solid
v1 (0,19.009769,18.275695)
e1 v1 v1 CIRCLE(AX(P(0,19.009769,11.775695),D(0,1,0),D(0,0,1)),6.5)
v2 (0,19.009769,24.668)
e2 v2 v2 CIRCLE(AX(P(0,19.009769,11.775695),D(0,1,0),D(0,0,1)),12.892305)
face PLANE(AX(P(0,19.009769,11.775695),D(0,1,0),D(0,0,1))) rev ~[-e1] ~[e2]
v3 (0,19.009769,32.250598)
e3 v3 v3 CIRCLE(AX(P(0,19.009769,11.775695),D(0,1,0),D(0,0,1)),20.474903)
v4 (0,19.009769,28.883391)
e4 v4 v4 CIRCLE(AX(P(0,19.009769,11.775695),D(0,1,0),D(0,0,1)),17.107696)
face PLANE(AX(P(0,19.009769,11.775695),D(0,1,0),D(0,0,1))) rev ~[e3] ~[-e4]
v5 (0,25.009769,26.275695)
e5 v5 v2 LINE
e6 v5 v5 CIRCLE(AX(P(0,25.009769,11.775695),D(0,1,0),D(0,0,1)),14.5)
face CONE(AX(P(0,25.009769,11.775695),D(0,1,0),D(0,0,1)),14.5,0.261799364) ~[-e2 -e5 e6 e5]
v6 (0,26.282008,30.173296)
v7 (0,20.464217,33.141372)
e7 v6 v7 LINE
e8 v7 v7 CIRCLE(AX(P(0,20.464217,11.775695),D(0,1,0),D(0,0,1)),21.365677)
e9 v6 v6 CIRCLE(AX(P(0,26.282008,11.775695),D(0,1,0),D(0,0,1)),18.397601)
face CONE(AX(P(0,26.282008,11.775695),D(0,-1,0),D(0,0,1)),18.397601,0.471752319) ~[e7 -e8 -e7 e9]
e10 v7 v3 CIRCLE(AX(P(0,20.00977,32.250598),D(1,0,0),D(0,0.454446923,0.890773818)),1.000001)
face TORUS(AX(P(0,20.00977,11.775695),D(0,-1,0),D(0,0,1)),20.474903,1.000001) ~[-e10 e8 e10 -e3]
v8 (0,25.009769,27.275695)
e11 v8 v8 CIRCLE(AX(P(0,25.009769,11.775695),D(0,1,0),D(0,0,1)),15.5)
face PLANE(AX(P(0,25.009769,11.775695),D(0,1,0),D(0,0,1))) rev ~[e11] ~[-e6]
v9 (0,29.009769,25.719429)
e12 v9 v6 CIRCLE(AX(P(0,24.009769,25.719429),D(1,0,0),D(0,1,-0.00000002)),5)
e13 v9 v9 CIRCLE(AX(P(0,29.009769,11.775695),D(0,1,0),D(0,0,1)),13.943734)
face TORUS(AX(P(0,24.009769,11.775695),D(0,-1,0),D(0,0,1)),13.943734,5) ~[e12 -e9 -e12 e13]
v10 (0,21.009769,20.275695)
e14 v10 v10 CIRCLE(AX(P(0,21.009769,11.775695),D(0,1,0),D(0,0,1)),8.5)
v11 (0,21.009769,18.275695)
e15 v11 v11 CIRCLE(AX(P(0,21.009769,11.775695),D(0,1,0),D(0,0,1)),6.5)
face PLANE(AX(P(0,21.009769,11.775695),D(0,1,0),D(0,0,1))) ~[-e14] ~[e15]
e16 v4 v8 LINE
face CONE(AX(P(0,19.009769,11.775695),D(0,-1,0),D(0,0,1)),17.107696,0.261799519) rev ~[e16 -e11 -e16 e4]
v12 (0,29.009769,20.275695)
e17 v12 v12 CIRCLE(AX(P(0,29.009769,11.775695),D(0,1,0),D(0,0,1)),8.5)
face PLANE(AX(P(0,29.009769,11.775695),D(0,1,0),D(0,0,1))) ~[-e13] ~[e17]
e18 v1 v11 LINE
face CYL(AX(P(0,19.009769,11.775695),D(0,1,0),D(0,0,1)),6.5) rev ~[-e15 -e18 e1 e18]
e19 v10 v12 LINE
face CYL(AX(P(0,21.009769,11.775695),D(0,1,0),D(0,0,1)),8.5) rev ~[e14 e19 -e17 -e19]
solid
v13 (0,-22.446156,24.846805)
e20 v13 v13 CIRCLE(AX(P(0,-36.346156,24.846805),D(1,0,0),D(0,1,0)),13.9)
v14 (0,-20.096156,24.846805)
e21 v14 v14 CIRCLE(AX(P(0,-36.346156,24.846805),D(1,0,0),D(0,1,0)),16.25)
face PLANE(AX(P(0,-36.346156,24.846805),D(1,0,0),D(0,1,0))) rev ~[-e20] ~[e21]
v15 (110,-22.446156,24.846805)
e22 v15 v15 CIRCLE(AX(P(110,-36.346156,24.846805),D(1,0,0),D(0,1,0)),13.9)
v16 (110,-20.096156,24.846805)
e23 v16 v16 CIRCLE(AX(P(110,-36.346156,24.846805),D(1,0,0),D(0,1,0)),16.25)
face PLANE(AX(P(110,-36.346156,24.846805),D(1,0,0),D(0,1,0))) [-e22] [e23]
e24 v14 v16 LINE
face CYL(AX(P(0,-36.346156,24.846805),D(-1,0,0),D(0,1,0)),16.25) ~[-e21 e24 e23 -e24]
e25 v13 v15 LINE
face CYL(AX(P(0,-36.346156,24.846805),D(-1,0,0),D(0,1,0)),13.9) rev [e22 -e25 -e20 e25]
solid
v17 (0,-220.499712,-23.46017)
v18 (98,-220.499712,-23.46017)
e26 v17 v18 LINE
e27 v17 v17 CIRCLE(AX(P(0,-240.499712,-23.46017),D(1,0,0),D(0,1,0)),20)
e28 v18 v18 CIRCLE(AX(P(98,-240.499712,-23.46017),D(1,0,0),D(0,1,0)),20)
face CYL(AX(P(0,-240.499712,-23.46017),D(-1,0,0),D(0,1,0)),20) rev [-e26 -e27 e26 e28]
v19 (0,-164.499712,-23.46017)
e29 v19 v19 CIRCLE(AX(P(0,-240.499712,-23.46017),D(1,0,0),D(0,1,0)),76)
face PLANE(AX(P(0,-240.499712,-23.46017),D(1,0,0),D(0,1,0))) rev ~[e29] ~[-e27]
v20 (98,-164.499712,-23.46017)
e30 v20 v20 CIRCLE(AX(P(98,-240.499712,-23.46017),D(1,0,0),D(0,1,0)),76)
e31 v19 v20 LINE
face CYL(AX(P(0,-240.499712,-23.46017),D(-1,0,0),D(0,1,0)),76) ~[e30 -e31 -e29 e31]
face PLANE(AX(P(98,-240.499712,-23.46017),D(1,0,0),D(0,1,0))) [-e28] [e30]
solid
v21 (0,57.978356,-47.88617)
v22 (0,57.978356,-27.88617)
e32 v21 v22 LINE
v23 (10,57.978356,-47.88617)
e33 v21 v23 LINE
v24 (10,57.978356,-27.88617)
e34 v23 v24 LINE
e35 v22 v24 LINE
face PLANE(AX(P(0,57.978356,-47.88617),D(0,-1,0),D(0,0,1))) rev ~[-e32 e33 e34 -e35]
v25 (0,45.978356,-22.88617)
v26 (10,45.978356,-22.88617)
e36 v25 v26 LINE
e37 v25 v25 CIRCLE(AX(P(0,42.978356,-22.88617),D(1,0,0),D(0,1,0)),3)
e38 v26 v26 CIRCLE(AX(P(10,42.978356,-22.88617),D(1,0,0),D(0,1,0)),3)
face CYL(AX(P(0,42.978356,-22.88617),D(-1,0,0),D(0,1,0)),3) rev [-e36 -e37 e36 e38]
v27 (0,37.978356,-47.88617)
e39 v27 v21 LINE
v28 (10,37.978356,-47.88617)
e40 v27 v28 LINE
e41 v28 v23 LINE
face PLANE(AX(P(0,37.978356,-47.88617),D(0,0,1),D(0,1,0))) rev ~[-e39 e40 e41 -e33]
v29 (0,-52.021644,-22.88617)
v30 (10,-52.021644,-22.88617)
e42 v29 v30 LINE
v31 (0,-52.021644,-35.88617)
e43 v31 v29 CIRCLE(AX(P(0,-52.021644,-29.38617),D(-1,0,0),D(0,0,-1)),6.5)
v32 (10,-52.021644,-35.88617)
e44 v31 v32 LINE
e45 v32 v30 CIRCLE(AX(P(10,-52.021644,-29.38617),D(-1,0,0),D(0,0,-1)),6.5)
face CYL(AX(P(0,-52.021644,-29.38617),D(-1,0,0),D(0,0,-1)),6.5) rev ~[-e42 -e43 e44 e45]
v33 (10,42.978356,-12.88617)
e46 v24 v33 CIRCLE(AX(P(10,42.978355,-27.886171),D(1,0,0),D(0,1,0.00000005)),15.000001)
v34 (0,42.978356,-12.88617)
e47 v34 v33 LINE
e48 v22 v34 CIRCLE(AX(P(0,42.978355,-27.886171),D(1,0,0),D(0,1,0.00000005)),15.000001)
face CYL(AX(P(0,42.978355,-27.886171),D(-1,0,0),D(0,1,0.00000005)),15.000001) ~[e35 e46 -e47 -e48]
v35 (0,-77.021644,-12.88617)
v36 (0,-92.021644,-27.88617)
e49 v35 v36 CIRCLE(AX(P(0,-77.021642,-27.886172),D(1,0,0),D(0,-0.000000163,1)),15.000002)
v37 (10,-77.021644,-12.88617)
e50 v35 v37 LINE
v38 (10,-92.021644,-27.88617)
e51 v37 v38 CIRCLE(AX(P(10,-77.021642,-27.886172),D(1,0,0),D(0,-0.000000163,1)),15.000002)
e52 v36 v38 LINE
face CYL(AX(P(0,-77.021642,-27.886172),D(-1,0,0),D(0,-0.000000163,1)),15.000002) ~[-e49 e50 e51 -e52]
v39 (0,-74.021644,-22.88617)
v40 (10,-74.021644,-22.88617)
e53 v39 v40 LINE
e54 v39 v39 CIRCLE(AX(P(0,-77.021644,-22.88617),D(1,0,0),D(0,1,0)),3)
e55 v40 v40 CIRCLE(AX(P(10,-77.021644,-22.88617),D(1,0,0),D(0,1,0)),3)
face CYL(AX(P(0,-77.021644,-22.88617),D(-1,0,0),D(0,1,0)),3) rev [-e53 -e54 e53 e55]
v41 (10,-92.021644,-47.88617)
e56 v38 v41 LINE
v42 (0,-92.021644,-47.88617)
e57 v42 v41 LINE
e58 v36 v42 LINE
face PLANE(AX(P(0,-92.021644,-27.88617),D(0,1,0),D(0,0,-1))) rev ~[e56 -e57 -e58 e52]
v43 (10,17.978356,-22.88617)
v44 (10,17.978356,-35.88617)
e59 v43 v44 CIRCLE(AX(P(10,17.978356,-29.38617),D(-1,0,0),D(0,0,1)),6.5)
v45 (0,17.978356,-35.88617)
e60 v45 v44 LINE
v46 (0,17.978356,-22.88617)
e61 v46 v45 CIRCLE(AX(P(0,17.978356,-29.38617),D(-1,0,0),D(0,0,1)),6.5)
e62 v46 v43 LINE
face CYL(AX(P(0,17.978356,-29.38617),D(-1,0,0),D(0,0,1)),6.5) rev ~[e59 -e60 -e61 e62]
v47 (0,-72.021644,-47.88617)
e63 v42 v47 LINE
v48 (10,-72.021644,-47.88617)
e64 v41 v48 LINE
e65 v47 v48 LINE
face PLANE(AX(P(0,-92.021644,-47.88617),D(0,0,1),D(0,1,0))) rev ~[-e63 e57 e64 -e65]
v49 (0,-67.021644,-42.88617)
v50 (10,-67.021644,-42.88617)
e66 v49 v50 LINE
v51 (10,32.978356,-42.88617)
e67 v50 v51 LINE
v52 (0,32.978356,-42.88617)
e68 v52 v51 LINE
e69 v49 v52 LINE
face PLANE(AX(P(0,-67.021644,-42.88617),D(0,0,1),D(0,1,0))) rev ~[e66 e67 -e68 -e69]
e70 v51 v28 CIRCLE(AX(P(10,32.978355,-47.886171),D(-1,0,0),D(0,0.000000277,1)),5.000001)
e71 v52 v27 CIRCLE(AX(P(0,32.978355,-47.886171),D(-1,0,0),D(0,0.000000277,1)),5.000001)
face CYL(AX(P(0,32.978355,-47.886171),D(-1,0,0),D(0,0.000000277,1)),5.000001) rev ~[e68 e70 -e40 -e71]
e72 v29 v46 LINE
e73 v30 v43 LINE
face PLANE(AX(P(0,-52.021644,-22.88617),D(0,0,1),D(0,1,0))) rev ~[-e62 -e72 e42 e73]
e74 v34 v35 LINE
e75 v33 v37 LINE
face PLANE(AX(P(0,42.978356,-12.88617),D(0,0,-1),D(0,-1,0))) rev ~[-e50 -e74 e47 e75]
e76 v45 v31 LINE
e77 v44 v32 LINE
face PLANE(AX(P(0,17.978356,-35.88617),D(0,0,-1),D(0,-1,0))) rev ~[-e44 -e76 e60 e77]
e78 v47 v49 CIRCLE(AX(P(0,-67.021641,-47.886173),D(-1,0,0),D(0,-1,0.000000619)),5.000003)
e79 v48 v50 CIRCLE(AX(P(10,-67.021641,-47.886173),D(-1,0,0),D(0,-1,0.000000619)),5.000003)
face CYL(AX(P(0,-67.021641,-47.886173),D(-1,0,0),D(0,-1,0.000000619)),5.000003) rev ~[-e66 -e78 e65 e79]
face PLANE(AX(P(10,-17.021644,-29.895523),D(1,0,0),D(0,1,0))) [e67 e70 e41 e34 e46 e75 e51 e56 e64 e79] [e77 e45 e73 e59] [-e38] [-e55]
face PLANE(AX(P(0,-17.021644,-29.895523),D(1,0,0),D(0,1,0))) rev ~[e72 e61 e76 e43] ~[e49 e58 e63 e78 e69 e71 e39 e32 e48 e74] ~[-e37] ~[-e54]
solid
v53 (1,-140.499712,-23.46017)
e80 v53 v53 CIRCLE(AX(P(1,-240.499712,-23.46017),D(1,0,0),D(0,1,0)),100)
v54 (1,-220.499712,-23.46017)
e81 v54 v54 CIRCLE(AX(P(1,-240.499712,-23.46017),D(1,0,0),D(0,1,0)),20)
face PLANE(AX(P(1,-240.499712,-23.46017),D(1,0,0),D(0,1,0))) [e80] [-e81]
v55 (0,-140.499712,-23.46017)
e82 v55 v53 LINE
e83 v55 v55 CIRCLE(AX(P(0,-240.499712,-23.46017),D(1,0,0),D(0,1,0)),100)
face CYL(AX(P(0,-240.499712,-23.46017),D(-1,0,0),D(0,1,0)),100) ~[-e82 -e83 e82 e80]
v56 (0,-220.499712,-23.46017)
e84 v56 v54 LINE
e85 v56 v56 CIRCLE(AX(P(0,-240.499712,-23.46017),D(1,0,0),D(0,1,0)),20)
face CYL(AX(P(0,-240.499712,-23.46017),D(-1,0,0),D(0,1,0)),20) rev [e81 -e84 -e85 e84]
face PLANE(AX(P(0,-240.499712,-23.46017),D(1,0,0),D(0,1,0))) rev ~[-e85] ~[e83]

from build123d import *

# Parameters (mm, degrees)
F0_R     = 16.25
F0_R_2   = 13.9
F2_DEPTH = 110
F0_R_3   = 100
F0_R_4   = 76
F0_R_5   = 20
F3_DEPTH = 1
F4_DEPTH = 98
F0_R_6   = 3
F5_DEPTH = 10


with BuildPart() as f1:
    # F0 (on Right) → F1 (revolve)
    with BuildSketch(Plane.YZ):
        with BuildLine():
            ThreePointArc((20.464217, 33.141372), (19.487489, 33.103372), (19.009769, 32.250598))
            Line((19.009769, 32.250598), (19.009769, 28.883391))
            Line((19.009769, 28.883391), (25.009769, 27.275695))
            Line((25.009769, 27.275695), (25.009769, 26.275695))
            Line((25.009769, 26.275695), (19.009769, 24.668))
            Line((19.009769, 24.668), (19.009769, 18.275695))
            Line((19.009769, 18.275695), (21.009769, 18.275695))
            Line((21.009769, 18.275695), (21.009769, 20.275695))
            Line((21.009769, 20.275695), (29.009769, 20.275695))
            Line((29.009769, 20.275695), (29.009769, 25.719429))
            ThreePointArc((29.009769, 25.719429), (28.27364, 28.330828), (26.282008, 30.173296))
            Line((26.282008, 30.173296), (20.464217, 33.141372))
        make_face()
    revolve(axis=Axis((0, 32.803678, 11.775695), (0, 1, 0)))


with BuildPart() as f2:
    # F0 (on Right) → F2 (new body)
    with BuildSketch(Plane.YZ):
        with Locations((-36.346156, 24.846805)):
            Circle(F0_R)
        with Locations((-36.346156, 24.846805)):
            Circle(F0_R_2, mode=Mode.SUBTRACT)
    extrude(amount=F2_DEPTH)


with BuildPart() as f3:
    # F0 (on Right) → F3 (new body)
    with BuildSketch(Plane.YZ):
        with Locations((-240.499712, -23.46017)):
            Circle(F0_R_3)
        with Locations((-240.499712, -23.46017)):
            Circle(F0_R_4, mode=Mode.SUBTRACT)
        with Locations((-240.499712, -23.46017)):
            Circle(F0_R_4)
        with Locations((-240.499712, -23.46017)):
            Circle(F0_R_5, mode=Mode.SUBTRACT)
    extrude(amount=F3_DEPTH)


with BuildPart() as f4:
    # F0 (on Right) → F4 (new body)
    with BuildSketch(Plane.YZ):
        with Locations((-240.499712, -23.46017)):
            Circle(F0_R_4)
        with Locations((-240.499712, -23.46017)):
            Circle(F0_R_5, mode=Mode.SUBTRACT)
    extrude(amount=F4_DEPTH)


with BuildPart() as f5:
    # F0 (on Right) → F5 (new body)
    with BuildSketch(Plane.YZ):
        with BuildLine():
            Line((42.978356, -12.88617), (-77.021644, -12.88617))
            ThreePointArc((-77.021644, -12.88617), (-87.628245, -17.279569), (-92.021644, -27.88617))
            Line((-92.021644, -27.88617), (-92.021644, -47.88617))
            Line((-92.021644, -47.88617), (-72.021644, -47.88617))
            ThreePointArc((-72.021644, -47.88617), (-70.557177, -44.350637), (-67.021644, -42.88617))
            Line((-67.021644, -42.88617), (32.978356, -42.88617))
            ThreePointArc((32.978356, -42.88617), (36.51389, -44.350637), (37.978356, -47.88617))
            Line((37.978356, -47.88617), (57.978356, -47.88617))
            Line((57.978356, -47.88617), (57.978356, -27.88617))
            ThreePointArc((57.978356, -27.88617), (53.584958, -17.279569), (42.978356, -12.88617))
        make_face()
        with BuildLine():
            Line((-52.021644, -22.88617), (17.978356, -22.88617))
            ThreePointArc((17.978356, -22.88617), (24.478356, -29.38617), (17.978356, -35.88617))
            Line((17.978356, -35.88617), (-52.021644, -35.88617))
            ThreePointArc((-52.021644, -35.88617), (-58.521644, -29.38617), (-52.021644, -22.88617))
        make_face(mode=Mode.SUBTRACT)
        with Locations((-77.021644, -22.88617)):
            Circle(F0_R_6, mode=Mode.SUBTRACT)
        with Locations((42.978356, -22.88617)):
            Circle(F0_R_6, mode=Mode.SUBTRACT)
    extrude(amount=F5_DEPTH)


solid = Compound([f1.part, f2.part, f3.part, f4.part, f5.part])
